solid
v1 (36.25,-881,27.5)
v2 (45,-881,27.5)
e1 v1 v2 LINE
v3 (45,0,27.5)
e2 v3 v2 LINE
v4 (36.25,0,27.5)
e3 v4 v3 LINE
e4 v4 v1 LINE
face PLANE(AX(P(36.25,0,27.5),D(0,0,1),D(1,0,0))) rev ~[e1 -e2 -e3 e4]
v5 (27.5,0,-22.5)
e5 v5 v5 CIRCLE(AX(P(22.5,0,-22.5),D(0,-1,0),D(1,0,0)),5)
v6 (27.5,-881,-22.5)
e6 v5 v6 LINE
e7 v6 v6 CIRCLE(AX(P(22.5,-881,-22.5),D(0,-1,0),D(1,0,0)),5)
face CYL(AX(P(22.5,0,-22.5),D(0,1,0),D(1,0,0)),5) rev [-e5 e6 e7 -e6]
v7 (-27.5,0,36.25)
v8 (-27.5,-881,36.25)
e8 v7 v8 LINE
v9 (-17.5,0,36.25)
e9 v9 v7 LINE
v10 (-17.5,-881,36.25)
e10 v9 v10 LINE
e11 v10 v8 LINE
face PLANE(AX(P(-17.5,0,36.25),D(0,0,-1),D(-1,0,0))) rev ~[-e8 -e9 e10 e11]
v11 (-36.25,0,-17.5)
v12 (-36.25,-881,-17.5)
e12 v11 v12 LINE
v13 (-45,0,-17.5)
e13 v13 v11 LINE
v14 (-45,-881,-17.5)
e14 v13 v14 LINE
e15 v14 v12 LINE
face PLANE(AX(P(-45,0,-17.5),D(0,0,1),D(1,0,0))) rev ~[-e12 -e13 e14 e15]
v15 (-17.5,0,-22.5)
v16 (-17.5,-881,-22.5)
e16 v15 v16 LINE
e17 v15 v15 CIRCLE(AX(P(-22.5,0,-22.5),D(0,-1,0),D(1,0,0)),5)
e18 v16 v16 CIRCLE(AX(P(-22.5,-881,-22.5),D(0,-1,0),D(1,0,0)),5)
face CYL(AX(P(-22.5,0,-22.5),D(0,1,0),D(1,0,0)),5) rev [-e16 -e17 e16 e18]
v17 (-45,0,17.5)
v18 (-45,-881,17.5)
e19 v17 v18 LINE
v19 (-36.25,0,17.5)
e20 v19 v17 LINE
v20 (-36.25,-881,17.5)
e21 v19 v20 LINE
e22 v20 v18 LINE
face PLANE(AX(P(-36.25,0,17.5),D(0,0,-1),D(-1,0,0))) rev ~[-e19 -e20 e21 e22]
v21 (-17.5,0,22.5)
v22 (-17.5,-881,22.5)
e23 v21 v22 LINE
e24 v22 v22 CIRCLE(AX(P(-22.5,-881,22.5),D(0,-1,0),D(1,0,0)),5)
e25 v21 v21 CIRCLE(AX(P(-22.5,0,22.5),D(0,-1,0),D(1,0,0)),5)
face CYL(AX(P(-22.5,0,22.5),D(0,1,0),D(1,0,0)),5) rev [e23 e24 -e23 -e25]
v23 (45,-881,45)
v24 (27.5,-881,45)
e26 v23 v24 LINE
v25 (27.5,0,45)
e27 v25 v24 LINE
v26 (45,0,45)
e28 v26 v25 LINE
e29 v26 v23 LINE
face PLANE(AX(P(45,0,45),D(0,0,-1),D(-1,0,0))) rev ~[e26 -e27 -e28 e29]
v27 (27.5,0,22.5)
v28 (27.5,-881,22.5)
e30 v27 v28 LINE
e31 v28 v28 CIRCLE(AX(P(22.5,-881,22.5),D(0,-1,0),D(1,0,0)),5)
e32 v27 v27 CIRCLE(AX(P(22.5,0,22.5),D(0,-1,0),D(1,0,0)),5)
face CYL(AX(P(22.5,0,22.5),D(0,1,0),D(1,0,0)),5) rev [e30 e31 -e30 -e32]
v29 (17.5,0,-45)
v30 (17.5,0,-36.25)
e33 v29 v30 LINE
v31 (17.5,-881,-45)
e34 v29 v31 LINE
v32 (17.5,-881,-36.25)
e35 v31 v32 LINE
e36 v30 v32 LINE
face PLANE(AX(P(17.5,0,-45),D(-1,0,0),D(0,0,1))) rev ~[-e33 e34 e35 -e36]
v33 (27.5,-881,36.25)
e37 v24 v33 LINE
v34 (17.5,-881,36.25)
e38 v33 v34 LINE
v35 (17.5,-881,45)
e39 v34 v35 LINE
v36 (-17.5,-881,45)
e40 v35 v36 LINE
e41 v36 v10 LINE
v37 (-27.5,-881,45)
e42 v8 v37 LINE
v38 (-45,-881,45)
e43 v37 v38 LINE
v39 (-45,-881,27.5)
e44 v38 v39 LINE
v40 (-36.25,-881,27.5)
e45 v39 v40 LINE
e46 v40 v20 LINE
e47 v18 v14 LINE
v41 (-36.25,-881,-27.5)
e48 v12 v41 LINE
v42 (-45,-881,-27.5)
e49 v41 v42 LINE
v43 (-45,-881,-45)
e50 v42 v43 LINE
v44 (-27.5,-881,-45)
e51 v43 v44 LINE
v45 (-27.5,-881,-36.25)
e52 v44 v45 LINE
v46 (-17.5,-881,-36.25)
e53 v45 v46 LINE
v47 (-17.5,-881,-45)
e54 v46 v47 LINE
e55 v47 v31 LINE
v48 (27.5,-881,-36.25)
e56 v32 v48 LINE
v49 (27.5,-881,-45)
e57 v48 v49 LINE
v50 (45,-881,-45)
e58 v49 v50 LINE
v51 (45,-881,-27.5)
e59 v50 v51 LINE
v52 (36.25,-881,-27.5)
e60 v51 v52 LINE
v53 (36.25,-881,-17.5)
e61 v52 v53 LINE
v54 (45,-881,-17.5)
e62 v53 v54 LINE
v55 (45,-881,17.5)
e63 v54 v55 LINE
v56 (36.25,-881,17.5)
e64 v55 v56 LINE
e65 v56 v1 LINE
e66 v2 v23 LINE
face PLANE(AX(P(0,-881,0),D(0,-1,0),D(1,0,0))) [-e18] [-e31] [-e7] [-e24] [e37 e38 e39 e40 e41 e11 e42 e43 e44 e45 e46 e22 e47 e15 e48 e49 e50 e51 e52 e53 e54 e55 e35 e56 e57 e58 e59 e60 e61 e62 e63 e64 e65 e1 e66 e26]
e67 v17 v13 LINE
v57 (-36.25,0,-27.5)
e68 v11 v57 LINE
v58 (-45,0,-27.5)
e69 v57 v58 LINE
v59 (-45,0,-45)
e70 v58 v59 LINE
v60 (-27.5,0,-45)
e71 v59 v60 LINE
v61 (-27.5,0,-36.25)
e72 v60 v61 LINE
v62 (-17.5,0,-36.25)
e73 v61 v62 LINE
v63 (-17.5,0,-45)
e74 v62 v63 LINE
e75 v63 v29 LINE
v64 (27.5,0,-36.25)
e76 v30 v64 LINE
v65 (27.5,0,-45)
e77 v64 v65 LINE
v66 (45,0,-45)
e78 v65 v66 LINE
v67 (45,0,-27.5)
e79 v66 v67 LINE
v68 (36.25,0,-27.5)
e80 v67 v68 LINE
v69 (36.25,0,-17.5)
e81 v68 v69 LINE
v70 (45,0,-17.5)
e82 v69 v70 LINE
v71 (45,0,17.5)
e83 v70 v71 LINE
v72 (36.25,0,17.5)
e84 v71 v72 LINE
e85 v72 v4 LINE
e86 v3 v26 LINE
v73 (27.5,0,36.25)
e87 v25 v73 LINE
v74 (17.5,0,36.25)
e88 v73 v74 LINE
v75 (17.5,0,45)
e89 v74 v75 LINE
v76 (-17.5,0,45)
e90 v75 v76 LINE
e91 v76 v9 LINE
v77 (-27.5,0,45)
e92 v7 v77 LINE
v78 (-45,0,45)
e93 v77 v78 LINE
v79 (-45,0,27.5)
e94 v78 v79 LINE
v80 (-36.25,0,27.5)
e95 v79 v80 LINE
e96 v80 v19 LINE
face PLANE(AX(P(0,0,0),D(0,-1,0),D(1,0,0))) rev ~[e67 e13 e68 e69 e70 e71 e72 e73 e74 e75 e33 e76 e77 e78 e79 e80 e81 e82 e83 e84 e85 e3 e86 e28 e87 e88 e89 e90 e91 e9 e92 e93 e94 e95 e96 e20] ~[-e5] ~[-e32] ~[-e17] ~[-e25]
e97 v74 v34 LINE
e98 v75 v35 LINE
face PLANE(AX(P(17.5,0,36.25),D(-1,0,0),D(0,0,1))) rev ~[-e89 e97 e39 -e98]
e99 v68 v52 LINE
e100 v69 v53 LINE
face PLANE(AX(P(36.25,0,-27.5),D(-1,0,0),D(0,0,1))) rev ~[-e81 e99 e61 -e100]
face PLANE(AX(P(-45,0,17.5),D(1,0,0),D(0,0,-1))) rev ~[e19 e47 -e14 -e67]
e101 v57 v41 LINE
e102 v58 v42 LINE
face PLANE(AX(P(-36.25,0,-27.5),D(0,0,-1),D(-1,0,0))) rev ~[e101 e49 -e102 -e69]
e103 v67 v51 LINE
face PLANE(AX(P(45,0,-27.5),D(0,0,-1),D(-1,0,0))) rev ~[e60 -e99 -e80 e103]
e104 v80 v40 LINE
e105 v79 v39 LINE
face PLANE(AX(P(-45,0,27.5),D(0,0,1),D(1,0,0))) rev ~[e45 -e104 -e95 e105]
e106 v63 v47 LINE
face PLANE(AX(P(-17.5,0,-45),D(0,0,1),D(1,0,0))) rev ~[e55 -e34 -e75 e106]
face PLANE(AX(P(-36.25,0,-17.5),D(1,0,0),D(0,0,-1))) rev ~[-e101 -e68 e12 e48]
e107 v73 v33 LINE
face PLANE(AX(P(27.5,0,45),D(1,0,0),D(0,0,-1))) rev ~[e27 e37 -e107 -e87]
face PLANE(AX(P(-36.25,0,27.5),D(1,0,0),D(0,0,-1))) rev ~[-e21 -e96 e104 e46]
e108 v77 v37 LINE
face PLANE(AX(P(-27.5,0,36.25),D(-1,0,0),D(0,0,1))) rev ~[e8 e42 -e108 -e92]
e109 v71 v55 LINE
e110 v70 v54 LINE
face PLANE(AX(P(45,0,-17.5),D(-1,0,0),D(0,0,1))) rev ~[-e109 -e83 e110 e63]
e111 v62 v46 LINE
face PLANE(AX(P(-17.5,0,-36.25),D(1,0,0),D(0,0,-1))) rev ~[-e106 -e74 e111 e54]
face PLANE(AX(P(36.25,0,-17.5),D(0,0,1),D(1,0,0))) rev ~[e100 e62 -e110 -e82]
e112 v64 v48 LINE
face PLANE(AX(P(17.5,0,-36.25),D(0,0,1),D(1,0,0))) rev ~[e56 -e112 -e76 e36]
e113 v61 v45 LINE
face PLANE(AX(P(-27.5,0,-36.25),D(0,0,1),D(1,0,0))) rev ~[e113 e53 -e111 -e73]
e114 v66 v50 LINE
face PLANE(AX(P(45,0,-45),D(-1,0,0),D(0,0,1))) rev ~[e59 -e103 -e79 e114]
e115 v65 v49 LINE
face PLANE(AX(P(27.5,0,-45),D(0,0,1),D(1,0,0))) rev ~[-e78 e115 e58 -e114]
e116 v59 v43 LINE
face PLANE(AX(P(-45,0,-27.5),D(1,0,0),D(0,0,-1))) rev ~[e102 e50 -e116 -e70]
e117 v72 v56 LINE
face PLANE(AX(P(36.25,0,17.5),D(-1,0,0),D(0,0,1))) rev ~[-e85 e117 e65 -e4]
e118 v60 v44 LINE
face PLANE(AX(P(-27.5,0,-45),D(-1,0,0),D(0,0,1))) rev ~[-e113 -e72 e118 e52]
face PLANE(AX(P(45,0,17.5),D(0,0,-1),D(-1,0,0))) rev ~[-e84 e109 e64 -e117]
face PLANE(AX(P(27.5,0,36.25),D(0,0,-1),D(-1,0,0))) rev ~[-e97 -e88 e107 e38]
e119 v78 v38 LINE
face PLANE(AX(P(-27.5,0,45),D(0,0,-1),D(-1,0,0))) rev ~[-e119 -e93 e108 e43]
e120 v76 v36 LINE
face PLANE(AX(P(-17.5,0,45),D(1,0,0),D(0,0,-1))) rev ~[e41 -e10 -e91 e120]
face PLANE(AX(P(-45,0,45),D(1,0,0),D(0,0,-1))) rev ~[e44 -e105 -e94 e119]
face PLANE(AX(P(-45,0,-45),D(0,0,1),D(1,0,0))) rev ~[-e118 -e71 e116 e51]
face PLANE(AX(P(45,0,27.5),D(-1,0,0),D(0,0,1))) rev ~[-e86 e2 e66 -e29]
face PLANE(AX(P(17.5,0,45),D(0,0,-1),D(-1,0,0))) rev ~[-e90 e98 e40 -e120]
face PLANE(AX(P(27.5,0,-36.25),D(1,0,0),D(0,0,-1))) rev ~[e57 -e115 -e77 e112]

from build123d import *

# Parameters (mm, degrees)
F0_R     = 5
F1_DEPTH = 881


with BuildPart() as f1:
    # F0 (on Front) → F1 (new body)
    with BuildSketch(Plane.XZ):
        Polygon((36.25, -45), (45, -45), (45, -27.5), (36.25, -27.5), (36.25, -17.5), (45, -17.5), (45, 17.5), (36.25, 17.5), (36.25, 27.5), (45, 27.5), (45, 45), (27.5, 45), (27.5, 36.25), (17.5, 36.25), (17.5, 45), (-17.5, 45), (-17.5, 36.25), (-27.5, 36.25), (-27.5, 45), (-45, 45), (-45, 27.5), (-36.25, 27.5), (-36.25, 17.5), (-45, 17.5), (-45, -17.5), (-36.25, -17.5), (-36.25, -27.5), (-45, -27.5), (-45, -45), (-27.5, -45), (-27.5, -36.25), (-17.5, -36.25), (-17.5, -45), (17.5, -45), (17.5, -36.25), (27.5, -36.25), (27.5, -45), align=None)
        with Locations((-22.5, -22.5)):
            Circle(F0_R, mode=Mode.SUBTRACT)
        with Locations((22.5, -22.5)):
            Circle(F0_R, mode=Mode.SUBTRACT)
        with Locations((-22.5, 22.5)):
            Circle(F0_R, mode=Mode.SUBTRACT)
        with Locations((22.5, 22.5)):
            Circle(F0_R, mode=Mode.SUBTRACT)
    extrude(amount=F1_DEPTH)


solid = f1.part
